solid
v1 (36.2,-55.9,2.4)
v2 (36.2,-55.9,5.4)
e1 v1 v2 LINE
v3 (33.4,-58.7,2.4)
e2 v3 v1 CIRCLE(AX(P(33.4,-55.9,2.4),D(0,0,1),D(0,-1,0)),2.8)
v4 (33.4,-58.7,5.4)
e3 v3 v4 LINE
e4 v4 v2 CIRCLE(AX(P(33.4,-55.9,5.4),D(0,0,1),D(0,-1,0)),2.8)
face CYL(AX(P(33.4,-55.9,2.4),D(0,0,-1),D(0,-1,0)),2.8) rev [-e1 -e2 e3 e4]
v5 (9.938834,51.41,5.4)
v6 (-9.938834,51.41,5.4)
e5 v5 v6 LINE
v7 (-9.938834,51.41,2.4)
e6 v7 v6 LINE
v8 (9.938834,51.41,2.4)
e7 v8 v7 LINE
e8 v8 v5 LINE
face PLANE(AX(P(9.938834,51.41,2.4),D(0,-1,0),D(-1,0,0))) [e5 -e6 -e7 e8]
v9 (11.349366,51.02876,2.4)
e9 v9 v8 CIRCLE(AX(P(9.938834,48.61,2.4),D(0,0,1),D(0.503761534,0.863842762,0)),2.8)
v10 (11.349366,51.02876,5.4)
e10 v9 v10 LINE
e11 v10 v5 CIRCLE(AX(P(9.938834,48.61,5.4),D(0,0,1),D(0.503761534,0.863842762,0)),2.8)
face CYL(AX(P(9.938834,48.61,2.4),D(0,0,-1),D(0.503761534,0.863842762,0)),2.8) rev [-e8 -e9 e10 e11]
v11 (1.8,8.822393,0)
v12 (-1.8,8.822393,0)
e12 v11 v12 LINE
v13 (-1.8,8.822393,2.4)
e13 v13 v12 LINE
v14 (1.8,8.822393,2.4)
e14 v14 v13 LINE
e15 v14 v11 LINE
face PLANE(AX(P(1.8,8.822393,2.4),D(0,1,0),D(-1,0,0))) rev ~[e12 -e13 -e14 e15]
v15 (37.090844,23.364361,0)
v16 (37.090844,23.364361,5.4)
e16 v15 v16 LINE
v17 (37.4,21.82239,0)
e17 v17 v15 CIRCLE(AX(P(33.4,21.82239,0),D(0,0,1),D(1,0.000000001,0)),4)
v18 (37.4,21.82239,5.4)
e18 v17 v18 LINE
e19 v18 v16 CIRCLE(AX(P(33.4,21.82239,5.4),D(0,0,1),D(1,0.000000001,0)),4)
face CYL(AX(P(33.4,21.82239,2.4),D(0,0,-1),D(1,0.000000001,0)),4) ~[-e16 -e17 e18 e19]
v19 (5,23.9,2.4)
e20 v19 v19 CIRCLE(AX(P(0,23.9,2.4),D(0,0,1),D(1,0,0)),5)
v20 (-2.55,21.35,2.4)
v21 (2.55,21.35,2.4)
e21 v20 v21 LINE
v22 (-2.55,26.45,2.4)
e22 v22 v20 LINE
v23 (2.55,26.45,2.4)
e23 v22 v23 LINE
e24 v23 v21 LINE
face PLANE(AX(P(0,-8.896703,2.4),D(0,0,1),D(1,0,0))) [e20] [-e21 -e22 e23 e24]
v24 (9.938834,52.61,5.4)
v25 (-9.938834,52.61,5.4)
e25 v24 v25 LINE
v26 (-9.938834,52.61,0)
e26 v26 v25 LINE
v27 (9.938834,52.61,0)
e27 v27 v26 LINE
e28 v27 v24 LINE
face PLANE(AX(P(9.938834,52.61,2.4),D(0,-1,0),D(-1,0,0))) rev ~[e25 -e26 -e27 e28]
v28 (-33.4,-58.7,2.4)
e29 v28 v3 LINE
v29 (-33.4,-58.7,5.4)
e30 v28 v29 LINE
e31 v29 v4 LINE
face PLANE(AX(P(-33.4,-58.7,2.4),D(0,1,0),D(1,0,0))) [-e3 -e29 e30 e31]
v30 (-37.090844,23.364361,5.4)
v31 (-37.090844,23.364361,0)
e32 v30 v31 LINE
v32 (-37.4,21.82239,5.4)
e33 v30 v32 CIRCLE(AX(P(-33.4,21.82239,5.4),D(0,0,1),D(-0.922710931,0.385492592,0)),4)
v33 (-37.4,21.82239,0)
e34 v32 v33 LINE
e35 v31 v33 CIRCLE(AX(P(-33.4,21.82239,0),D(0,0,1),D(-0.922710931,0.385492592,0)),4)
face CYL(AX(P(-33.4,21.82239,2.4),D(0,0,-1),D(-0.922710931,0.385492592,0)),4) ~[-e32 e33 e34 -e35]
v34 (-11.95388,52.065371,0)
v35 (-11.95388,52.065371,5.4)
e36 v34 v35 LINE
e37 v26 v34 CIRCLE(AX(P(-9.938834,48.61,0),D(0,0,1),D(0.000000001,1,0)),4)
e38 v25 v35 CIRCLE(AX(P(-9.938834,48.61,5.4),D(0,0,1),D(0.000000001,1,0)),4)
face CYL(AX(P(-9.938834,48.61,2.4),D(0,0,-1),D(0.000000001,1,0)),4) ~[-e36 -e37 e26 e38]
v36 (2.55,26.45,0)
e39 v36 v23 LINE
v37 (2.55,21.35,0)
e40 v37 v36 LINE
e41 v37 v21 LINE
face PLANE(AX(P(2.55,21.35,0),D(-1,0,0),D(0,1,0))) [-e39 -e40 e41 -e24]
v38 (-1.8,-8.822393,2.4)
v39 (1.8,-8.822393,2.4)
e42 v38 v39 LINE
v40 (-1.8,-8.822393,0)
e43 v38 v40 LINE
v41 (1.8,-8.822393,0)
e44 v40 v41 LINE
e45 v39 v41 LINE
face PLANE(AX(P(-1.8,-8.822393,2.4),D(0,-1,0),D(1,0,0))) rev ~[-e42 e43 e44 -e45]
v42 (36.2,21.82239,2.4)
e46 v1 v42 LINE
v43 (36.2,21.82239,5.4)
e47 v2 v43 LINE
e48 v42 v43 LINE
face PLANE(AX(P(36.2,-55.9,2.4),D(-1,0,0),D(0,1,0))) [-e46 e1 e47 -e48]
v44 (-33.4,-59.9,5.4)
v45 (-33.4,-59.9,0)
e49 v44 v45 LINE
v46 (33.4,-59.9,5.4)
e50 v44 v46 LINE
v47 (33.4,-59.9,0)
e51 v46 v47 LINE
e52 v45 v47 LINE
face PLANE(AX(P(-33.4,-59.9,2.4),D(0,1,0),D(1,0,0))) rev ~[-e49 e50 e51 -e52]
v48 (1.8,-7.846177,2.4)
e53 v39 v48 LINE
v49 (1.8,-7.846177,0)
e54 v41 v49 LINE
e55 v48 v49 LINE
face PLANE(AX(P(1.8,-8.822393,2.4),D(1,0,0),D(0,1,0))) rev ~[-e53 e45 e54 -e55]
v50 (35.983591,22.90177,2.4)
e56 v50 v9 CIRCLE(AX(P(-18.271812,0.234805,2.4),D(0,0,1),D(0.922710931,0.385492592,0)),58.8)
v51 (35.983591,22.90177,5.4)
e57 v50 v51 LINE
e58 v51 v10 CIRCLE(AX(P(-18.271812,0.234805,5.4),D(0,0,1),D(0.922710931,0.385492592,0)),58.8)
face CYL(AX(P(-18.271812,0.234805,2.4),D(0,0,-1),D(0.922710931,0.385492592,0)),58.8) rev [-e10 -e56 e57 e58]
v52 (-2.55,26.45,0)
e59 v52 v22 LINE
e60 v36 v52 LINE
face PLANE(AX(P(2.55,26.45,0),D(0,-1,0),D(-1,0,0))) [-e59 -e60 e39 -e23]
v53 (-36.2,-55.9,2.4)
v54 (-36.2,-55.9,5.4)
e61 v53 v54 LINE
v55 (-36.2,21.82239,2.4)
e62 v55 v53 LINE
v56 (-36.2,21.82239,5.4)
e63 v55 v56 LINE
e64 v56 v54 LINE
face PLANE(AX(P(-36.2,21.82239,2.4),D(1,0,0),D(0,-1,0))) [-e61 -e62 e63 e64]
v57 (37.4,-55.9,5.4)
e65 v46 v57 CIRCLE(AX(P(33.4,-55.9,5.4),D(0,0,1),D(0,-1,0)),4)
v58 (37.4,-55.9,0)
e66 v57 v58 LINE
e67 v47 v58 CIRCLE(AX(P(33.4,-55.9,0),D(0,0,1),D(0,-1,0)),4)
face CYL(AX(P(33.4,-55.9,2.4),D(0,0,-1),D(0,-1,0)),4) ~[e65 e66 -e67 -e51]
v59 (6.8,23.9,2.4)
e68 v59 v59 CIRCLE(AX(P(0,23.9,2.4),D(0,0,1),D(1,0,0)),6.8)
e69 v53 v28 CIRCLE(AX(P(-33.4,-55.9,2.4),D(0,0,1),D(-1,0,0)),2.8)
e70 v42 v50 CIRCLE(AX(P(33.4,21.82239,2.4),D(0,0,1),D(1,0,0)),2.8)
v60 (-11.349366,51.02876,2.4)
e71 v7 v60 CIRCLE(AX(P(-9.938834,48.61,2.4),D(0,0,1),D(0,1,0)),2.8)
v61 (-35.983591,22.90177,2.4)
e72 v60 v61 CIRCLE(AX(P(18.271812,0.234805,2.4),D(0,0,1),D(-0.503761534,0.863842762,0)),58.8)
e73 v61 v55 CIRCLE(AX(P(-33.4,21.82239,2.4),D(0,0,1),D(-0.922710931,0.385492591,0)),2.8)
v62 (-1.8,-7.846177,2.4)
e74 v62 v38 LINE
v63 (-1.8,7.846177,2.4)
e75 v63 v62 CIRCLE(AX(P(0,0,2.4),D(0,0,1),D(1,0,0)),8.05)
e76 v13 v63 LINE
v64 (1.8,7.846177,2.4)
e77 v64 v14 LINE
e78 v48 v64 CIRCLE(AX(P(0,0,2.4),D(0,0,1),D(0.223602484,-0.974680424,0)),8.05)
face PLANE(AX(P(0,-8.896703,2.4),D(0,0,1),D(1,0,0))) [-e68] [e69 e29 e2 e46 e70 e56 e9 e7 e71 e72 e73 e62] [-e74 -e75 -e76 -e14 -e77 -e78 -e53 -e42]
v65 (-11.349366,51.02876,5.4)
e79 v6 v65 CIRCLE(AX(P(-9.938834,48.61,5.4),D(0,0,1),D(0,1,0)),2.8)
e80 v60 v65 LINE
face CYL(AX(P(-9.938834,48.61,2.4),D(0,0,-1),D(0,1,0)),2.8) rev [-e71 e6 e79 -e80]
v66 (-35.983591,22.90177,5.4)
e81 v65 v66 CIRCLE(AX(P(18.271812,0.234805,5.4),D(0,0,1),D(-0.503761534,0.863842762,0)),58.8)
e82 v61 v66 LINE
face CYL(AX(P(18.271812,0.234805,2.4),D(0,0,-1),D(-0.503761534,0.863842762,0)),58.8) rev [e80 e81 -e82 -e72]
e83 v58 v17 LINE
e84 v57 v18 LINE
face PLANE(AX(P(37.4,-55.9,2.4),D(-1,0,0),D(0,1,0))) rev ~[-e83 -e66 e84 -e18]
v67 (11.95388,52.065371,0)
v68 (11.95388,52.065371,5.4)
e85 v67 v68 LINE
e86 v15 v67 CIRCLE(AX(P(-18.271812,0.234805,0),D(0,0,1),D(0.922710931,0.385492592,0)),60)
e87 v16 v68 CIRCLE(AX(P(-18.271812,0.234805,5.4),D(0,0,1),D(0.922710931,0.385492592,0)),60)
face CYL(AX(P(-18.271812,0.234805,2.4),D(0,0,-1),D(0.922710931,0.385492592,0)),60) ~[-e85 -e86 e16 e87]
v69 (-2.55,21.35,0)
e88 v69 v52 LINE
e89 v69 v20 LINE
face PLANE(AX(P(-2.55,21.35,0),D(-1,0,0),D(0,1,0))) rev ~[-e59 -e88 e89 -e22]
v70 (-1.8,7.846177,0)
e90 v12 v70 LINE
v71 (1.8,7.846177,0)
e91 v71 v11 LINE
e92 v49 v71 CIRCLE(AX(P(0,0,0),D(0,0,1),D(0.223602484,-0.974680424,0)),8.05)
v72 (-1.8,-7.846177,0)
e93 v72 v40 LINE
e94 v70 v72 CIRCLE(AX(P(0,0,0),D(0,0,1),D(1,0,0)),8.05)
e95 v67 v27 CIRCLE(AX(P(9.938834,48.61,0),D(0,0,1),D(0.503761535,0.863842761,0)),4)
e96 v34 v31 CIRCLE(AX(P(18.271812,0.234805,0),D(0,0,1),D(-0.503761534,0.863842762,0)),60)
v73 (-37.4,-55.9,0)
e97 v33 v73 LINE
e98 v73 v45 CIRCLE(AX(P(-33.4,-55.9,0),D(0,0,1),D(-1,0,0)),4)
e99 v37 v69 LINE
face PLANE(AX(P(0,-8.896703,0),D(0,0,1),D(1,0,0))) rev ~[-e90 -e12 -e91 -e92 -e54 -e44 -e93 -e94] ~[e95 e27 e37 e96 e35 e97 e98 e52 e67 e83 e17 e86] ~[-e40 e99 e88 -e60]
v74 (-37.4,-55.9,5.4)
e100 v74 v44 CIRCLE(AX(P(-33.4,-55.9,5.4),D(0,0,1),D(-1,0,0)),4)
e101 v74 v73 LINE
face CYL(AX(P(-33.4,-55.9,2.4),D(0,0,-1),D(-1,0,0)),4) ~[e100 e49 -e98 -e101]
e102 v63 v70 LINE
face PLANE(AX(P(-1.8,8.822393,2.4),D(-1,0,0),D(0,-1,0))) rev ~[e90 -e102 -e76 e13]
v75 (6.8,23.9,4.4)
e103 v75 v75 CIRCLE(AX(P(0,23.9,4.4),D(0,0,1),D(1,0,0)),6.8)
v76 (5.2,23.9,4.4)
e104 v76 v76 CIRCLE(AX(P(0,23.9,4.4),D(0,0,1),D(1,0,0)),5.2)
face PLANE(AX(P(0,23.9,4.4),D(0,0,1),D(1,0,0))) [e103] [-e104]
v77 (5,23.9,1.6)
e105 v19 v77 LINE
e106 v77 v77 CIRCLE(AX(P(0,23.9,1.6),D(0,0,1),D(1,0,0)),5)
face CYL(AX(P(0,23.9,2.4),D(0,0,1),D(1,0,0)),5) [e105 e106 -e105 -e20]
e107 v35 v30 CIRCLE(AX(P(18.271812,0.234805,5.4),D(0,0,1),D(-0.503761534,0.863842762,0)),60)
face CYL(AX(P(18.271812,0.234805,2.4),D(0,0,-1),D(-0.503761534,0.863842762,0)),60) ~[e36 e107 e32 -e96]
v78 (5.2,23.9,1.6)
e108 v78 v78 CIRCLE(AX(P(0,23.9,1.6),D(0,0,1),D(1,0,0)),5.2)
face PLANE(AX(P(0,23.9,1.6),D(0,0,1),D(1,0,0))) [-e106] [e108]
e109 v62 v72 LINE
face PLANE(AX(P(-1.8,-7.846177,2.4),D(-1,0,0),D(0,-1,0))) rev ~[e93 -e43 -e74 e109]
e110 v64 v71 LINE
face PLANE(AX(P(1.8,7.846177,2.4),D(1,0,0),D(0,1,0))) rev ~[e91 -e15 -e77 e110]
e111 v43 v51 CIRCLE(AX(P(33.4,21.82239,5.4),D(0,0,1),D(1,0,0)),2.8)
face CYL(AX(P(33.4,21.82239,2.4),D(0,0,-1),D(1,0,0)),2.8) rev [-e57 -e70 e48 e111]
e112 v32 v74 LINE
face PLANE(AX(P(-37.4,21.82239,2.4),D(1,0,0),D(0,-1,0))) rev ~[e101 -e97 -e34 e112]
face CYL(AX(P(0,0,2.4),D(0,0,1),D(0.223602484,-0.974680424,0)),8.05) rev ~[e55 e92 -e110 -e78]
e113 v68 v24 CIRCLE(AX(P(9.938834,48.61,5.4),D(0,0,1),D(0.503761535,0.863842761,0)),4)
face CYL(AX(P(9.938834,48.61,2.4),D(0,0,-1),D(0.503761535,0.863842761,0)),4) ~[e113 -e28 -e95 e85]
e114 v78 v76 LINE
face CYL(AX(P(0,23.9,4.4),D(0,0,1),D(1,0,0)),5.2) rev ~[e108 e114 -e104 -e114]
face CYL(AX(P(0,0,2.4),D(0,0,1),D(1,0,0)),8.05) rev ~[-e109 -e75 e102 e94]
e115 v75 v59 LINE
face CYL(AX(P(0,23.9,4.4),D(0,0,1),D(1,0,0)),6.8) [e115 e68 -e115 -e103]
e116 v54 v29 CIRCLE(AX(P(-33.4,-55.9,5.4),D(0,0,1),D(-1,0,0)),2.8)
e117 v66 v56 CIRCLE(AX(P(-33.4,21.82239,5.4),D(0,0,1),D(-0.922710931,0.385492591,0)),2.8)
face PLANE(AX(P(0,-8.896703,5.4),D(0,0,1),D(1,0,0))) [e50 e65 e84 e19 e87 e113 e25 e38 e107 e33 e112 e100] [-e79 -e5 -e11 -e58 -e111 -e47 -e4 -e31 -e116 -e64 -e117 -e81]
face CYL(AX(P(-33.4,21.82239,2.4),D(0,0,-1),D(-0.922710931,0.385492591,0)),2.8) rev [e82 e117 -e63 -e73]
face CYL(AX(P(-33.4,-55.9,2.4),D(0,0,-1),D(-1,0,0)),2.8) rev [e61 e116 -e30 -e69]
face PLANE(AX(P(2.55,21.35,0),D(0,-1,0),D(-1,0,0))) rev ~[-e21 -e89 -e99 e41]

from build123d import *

# Parameters (mm, degrees)
BOSS_EXTRUDE1_DEPTH = 2.4
EXTRUDE_THIN1_DEPTH = 3
SKETCH3_R           = 8.05
CUT_EXTRUDE1_DEPTH  = 71.680761173
SKETCH4_R           = 5.2
SKETCH4_R_2         = 5
CUT_EXTRUDE2_DEPTH  = 0.8
SKETCH5_W           = 5.1
SKETCH5_H           = 5.1
SKETCH5_W_2         = 4.8
SKETCH5_H_2         = 4.8
CUT_EXTRUDE5_DEPTH  = 71.823230652
BOSS_EXTRUDE2_START = 2
SKETCH8_R           = 6.8
SKETCH8_R_2         = 5.2
BOSS_EXTRUDE2_DEPTH = 2


with BuildPart() as part:
    # Sketch1 → Boss-Extrude1 (new body)
    with BuildSketch(Plane.XY):
        with BuildLine():
            Line((37.4, -55.9), (37.4, 21.822390499))
            ThreePointArc((37.4, 21.822390499), (37.321949444, 22.608719027), (37.090843722, 23.364360867))
            ThreePointArc((37.090843722, 23.364360867), (26.864407476, 39.766080063), (11.953879914, 52.065371047))
            ThreePointArc((11.953879914, 52.065371047), (10.982508971, 52.471443007), (9.938833779, 52.61))
            Line((9.938833779, 52.61), (-9.938833779, 52.61))
            ThreePointArc((-9.938833779, 52.61), (-10.982508971, 52.471443007), (-11.953879914, 52.065371047))
            ThreePointArc((-11.953879914, 52.065371047), (-26.864407476, 39.766080063), (-37.090843722, 23.364360867))
            ThreePointArc((-37.090843722, 23.364360867), (-37.321949444, 22.608719027), (-37.4, 21.822390499))
            Line((-37.4, 21.822390499), (-37.4, -55.9))
            ThreePointArc((-37.4, -55.9), (-36.228427125, -58.728427125), (-33.4, -59.9))
            Line((-33.4, -59.9), (33.4, -59.9))
            ThreePointArc((33.4, -59.9), (36.228427125, -58.728427125), (37.4, -55.9))
        make_face()
    extrude(amount=BOSS_EXTRUDE1_DEPTH)

    # Sketch2 → Extrude-Thin1 (add)
    with BuildSketch(Plane.XY.offset(2.4)):
        with BuildLine():
            Line((37.4, -55.9), (37.4, 21.822390499))
            ThreePointArc((37.4, 21.822390499), (37.321949444, 22.608719027), (37.090843722, 23.364360867))
            ThreePointArc((37.090843722, 23.364360867), (26.864407476, 39.766080063), (11.953879914, 52.065371047))
            ThreePointArc((11.953879914, 52.065371047), (10.982508971, 52.471443007), (9.938833779, 52.61))
            Line((9.938833779, 52.61), (-9.938833779, 52.61))
            ThreePointArc((-9.938833779, 52.61), (-10.982508971, 52.471443007), (-11.953879914, 52.065371047))
            ThreePointArc((-11.953879914, 52.065371047), (-26.864407476, 39.766080063), (-37.090843722, 23.364360867))
            ThreePointArc((-37.090843722, 23.364360867), (-37.321949444, 22.608719027), (-37.4, 21.822390499))
            Line((-37.4, 21.822390499), (-37.4, -55.9))
            ThreePointArc((-37.4, -55.9), (-36.228427125, -58.728427125), (-33.4, -59.9))
            Line((-33.4, -59.9), (33.4, -59.9))
            ThreePointArc((33.4, -59.9), (36.228427125, -58.728427125), (37.4, -55.9))
        make_face()
        with BuildLine():
            Line((36.2, -55.9), (36.2, 21.822390499))
            ThreePointArc((36.2, 21.822390499), (36.145364611, 22.372820469), (35.983590606, 22.901769756))
            ThreePointArc((35.983590606, 22.901769756), (25.961683084, 38.975454569), (11.349366074, 51.028759733))
            ThreePointArc((11.349366074, 51.028759733), (10.669406413, 51.313010105), (9.938833779, 51.41))
            Line((9.938833779, 51.41), (-9.938833779, 51.41))
            ThreePointArc((-9.938833779, 51.41), (-10.669406413, 51.313010105), (-11.349366074, 51.028759733))
            ThreePointArc((-11.349366074, 51.028759733), (-25.961683084, 38.975454569), (-35.983590606, 22.901769756))
            ThreePointArc((-35.983590606, 22.901769756), (-36.145364611, 22.372820469), (-36.2, 21.822390499))
            Line((-36.2, 21.822390499), (-36.2, -55.9))
            ThreePointArc((-36.2, -55.9), (-35.379898987, -57.879898987), (-33.4, -58.7))
            Line((-33.4, -58.7), (33.4, -58.7))
            ThreePointArc((33.4, -58.7), (35.379898987, -57.879898987), (36.2, -55.9))
        make_face(mode=Mode.SUBTRACT)
    extrude(amount=EXTRUDE_THIN1_DEPTH)

    # Sketch3 → Cut-Extrude1 (cut, through all)
    with BuildSketch(Plane.XY.offset(2.4)):
        with BuildLine():
            Line((1.8, 8.8223931), (-1.8, 8.8223931))
            Line((-1.8, 8.8223931), (-1.8, 7.846177413))
            ThreePointArc((-1.8, 7.846177413), (0, 8.05), (1.8, 7.846177413))
            Line((1.8, 7.846177413), (1.8, 8.8223931))
        make_face()
        with BuildLine():
            ThreePointArc((1.8, -7.846177413), (0, -8.05), (-1.8, -7.846177413))
            Line((-1.8, -7.846177413), (-1.8, -8.8223931))
            Line((-1.8, -8.8223931), (1.8, -8.8223931))
            Line((1.8, -8.8223931), (1.8, -7.846177413))
        make_face()
        Circle(SKETCH3_R)
    extrude(amount=-CUT_EXTRUDE1_DEPTH, mode=Mode.SUBTRACT)

    # Sketch4 → Cut-Extrude2 (cut)
    with BuildSketch(Plane.XY.offset(2.4)):
        with Locations((0, 23.9)):
            Circle(SKETCH4_R)
        with Locations((0, 23.9)):
            Circle(SKETCH4_R_2, mode=Mode.SUBTRACT)
    extrude(amount=-CUT_EXTRUDE2_DEPTH, mode=Mode.SUBTRACT)

    # Sketch5 → Cut-Extrude5 (cut, through all)
    # profile 1 of 2: a face of its own
    with BuildSketch(Plane(origin=(0, 0, 0), x_dir=(-1, 0, 0), z_dir=(0, 0, -1))):
        with Locations((0, 23.9)):
            Rectangle(SKETCH5_W, SKETCH5_H)
        with Locations((0, 23.9)):
            Rectangle(SKETCH5_W_2, SKETCH5_H_2, mode=Mode.SUBTRACT)
    # profile 2 of 2: a face of its own
    with BuildSketch(Plane(origin=(0, 0, 0), x_dir=(-1, 0, 0), z_dir=(0, 0, -1))):
        with Locations((0, 23.9)):
            Rectangle(SKETCH5_W_2, SKETCH5_H_2)
    extrude(amount=-CUT_EXTRUDE5_DEPTH, mode=Mode.SUBTRACT)

    # Sketch8 → Boss-Extrude2 (add)
    with BuildSketch(Plane.XY.offset(2.4).offset(BOSS_EXTRUDE2_START)):
        with Locations((0, 23.9)):
            Circle(SKETCH8_R)
        with Locations((0, 23.9)):
            Circle(SKETCH8_R_2, mode=Mode.SUBTRACT)
    extrude(amount=-BOSS_EXTRUDE2_DEPTH)


solid = part.part
